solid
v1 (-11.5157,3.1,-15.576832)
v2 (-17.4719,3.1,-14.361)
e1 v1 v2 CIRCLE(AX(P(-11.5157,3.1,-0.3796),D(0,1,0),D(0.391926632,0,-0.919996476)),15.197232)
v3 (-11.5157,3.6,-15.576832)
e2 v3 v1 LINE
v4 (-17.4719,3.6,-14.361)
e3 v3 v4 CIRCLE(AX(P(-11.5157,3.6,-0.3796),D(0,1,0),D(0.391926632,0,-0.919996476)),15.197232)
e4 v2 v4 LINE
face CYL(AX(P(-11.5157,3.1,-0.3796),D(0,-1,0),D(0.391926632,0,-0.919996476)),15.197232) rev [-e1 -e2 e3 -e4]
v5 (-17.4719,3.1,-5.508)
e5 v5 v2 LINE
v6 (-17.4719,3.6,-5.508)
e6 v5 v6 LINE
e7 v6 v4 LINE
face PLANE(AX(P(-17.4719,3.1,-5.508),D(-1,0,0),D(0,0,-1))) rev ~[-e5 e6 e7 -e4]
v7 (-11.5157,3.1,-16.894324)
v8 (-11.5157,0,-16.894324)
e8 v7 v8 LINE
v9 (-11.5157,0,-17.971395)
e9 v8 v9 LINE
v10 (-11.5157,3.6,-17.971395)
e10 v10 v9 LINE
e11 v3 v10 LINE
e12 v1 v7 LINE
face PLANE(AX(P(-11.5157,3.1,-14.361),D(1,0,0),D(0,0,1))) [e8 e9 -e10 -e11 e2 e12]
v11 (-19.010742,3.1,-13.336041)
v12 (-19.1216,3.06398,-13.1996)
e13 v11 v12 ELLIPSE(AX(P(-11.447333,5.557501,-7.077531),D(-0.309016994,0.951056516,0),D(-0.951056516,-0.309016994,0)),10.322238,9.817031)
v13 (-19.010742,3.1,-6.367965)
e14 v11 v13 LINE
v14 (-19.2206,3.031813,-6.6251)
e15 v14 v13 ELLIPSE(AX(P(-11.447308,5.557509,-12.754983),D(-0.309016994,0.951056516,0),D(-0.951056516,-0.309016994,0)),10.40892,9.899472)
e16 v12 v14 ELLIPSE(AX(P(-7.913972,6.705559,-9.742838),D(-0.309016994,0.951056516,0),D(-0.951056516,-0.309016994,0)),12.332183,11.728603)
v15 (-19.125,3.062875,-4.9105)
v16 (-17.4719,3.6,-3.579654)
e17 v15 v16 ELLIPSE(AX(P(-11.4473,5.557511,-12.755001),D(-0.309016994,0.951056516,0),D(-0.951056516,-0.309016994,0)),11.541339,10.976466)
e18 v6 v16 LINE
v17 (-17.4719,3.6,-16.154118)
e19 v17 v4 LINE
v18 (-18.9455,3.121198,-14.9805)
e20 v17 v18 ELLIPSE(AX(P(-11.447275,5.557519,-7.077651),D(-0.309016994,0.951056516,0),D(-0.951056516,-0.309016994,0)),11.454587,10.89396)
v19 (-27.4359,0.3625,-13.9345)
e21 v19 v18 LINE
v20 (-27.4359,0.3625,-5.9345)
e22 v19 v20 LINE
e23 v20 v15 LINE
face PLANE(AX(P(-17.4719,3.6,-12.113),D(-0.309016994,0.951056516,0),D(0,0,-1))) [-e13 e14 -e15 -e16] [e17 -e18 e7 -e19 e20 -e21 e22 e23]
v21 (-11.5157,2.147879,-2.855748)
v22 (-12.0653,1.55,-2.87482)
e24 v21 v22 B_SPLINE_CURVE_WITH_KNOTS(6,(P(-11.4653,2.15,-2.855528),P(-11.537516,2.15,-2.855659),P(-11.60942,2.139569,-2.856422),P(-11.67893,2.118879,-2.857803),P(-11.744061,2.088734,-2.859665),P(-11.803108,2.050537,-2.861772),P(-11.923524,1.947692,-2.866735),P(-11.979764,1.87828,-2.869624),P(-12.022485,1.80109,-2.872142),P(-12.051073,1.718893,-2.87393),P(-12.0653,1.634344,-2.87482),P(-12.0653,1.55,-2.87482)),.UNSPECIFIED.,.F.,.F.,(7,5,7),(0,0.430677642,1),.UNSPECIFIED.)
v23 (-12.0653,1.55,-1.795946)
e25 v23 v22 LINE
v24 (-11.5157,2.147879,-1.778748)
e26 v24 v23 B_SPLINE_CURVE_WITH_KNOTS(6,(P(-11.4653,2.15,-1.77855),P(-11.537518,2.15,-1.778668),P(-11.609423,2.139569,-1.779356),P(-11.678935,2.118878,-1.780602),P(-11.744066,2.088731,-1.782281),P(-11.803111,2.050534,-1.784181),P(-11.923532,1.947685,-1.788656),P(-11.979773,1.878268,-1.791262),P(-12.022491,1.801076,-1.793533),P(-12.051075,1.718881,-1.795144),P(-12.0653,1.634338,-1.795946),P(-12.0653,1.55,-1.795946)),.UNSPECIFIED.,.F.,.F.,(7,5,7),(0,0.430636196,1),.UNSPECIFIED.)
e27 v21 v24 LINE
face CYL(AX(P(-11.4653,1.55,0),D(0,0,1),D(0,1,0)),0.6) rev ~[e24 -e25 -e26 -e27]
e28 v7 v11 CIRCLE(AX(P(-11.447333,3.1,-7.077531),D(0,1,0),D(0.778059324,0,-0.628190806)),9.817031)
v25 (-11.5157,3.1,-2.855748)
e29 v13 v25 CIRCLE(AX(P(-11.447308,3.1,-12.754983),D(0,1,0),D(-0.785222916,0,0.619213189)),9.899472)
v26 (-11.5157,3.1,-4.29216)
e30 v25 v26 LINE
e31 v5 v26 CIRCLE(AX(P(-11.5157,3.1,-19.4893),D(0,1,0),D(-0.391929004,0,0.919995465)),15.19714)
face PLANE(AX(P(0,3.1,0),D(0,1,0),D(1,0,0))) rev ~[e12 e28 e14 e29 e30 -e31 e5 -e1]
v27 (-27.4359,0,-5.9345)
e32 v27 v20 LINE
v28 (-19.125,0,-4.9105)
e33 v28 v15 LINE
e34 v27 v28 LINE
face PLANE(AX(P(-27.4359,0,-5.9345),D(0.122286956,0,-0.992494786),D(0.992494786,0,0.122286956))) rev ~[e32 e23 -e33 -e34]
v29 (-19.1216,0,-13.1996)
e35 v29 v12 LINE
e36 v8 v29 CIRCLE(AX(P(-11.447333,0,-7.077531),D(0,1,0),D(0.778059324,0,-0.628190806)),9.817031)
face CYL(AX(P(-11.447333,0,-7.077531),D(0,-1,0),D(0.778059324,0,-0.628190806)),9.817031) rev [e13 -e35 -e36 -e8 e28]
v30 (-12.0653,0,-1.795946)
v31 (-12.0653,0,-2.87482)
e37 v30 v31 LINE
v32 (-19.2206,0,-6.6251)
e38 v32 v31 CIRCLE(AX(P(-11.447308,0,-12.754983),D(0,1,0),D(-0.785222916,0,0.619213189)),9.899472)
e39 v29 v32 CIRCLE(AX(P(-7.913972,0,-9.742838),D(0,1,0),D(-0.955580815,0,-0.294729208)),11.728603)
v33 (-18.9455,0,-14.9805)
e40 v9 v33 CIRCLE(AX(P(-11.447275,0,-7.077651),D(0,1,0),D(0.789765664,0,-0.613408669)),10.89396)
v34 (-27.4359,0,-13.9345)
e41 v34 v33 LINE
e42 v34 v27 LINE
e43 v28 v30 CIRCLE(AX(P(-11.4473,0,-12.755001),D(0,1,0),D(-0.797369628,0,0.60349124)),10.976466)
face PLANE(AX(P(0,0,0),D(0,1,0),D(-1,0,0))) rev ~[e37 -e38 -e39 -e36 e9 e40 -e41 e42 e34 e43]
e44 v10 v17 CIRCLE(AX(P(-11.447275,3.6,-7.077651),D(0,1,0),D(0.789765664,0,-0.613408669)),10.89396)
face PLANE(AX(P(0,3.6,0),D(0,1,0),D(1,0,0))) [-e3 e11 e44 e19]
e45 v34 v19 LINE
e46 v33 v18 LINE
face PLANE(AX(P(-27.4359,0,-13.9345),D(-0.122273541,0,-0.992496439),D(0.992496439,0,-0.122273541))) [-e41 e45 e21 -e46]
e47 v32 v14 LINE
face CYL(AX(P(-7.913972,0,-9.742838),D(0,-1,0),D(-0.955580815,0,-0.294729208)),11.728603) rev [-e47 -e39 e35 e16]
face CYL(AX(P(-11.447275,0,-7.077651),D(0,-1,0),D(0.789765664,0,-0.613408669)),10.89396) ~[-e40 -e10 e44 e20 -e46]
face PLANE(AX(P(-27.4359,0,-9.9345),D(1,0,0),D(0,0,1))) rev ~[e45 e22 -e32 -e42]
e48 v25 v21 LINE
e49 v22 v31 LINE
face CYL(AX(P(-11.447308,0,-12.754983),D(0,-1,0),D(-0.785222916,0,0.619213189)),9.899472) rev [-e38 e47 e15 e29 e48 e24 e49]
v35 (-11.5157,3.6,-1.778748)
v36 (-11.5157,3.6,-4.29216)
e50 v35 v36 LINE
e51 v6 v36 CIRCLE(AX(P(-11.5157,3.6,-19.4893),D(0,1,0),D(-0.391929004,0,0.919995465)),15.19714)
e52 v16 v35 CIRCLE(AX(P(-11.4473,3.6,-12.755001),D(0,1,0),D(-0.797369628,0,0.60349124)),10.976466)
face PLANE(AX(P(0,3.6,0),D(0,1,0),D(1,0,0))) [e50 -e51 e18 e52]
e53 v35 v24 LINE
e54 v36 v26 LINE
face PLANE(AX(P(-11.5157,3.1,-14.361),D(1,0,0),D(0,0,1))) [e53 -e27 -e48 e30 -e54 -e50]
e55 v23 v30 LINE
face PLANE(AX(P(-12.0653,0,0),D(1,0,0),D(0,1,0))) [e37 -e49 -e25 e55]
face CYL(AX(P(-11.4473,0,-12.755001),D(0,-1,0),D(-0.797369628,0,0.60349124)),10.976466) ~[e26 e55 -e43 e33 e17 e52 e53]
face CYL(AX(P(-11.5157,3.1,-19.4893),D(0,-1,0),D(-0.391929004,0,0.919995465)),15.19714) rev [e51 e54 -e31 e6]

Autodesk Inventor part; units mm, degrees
sketch "Skizze1" plane through (0, 0, 0) normal (0, 1, 0) x (-1, 0, 0)
  line L0 (0, 0) -> (21.4435, 0) construction
  line L1 (21.4435, 0) -> (21.4435, -17.7713) construction
  line L2 (21.4435, -17.7713) -> (0, -17.7713) construction
  line L3 (0, -17.7713) -> (0, 0) construction
  arc A0 (3.4429, -6.1124) -> (3.5369, -12.2987) centre (13.9264, -9.047) ccw
  arc A1 (3.5369, -12.2987) -> (17.7561, -12.2571) centre (10.6298, -6.5721) ccw
  arc A2 (17.8481, -6.152) -> (3.4429, -6.1124) centre (10.6298, -11.844) ccw
  arc A3 (17.7561, -12.2571) -> (17.8481, -6.152) centre (7.348, -9.047) ccw
  line L4 (3.0399, -9.047) -> (18.2399, -9.047)
  line L5 (10.6298, -2.6515) -> (10.6298, -15.6882)
  dimension "d9" = 15.2
  dimension "d12" = 13.0368
sketch "Skizze2" plane through (0, 0, 0) normal (0, 1, 0) x (-1, 0, 0)
  line L0 (0, 0) -> (21.0912, 0) construction
  line L1 (21.0912, 0) -> (21.0912, -24.0698) construction
  line L2 (21.0912, -24.0698) -> (0, -24.0698) construction
  line L3 (0, -24.0698) -> (0, 0) construction
  line L4 (17.3479, -12.3442) -> (17.5564, -17.8355)
  line L5 (0, -15.4153) -> (21.0912, -15.022)
  point P0 (17.4522, -15.0899)
  point P1 (17.8576, -15.0823)
  point P2 (2.6602, -15.3657)
  point P3 (10.1167, -10.9016)
  point P4 (10.0352, -15.2282)
  point P5 (10.3203, -19.614)
  point P6 (15.9484, -15.1179)
  point P7 (4.4034, -15.3332)
  dimension "d38" = 15.2
  dimension "d47" = 8.7147
sketch "Skizze3" plane through (0, 0, 0) normal (0, 1, 0) x (-1, 0, 0)
  line L0 (0, 0) -> (41.0457, 0) construction
  line L1 (41.0457, 0) -> (41.0457, -50.0176) construction
  line L2 (41.0457, -50.0176) -> (0, -50.0176) construction
  line L3 (0, -50.0176) -> (0, 0) construction
  arc A0 (26.8609, -29.1094) -> (14.9484, -29.1094) centre (20.9046, -43.0907) ccw
  arc A1 (14.9484, -37.9624) -> (26.8609, -37.9624) centre (20.9046, -23.981) ccw
  line L4 (26.8609, -29.1094) -> (26.8609, -37.9624)
  line L5 (14.9484, -37.9624) -> (14.9484, -29.1094)
  point P0 (20.7813, -28.8717)
  point P1 (20.996, -37.5841)
  dimension "d9" = 15.2
  dimension "d12" = 13.0368
  dimension "d49" = 8.715
  dimension "d57" = 15.1972
  dimension "d58" = 15.1972
  dimension "d59" = 11.9125
  dimension "d67" = 8.853
  dimension "d69" = 0
  dimension "d70" = 8.853
sketch "Skizze4" plane through (0, 0, 0) normal (0, 1, 0) x (-1, 0, 0)
  arc A0 (19.2206, -6.6251) -> (3.7078, -6.5825) centre (11.4473, -12.755) ccw
  arc A1 (19.1216, -13.1996) -> (19.2206, -6.6251) centre (7.9131, -9.7427) ccw
  arc A2 (3.8091, -13.2445) -> (19.1216, -13.1996) centre (11.4473, -7.0776) ccw
  arc A3 (3.7078, -6.5825) -> (3.8091, -13.2445) centre (14.9974, -9.7427) ccw
  arc A4 (20.1996, -6.1308) -> (2.731, -6.0835) centre (11.4473, -12.755) ccw
  arc A5 (20.0894, -13.7103) -> (20.1996, -6.1308) centre (7.9131, -9.7427) ccw
  arc A6 (2.8436, -13.7601) -> (20.0894, -13.7103) centre (11.4473, -7.0776) ccw
  arc A7 (2.731, -6.0835) -> (2.8436, -13.7601) centre (14.9974, -9.7427) ccw
  point P0 (0, 0)
  dimension "d60" = 1.077
extrude "Extrusion1" add sketch "Skizze4" along normal blind 3.1
sketch "Skizze8" plane through (0, 3.1, 0) normal (0, 1, 0) x (1, 0, 0)
  line L0 (-17.4719, 5.508) -> (-17.4719, 14.361)
  arc A0 (-17.4719, 5.508) -> (-5.5595, 5.508) centre (-11.5157, 19.4893) ccw
  arc A1 (-5.5595, 14.361) -> (-17.4719, 14.361) centre (-11.5157, 0.3796) ccw
  line L1 (-5.5595, 14.361) -> (-5.5595, 5.508)
  line L2 (-17.4719, 5.508) -> (-5.5595, 14.361) construction
  line L3 (-17.4719, 14.361) -> (-5.5595, 5.508) construction
  arc A2 (-19.1216, 13.1996) -> (-19.2206, 6.6251) centre (-7.9131, 9.7427) ccw construction
  arc A3 (-3.8091, 13.2445) -> (-19.1216, 13.1996) centre (-11.4473, 7.0776) ccw construction
  arc A4 (-3.7078, 6.5825) -> (-3.8091, 13.2445) centre (-14.9974, 9.7427) ccw construction
  arc A5 (-19.2206, 6.6251) -> (-3.7078, 6.5825) centre (-11.4473, 12.755) ccw construction
  arc A6 (-20.1996, 6.1308) -> (-2.731, 6.0835) centre (-11.4473, 12.755) ccw projected
  arc A7 (-2.731, 6.0835) -> (-2.8436, 13.7601) centre (-14.9974, 9.7427) ccw projected
  arc A8 (-2.8436, 13.7601) -> (-20.0894, 13.7103) centre (-11.4473, 7.0776) ccw projected
  arc A9 (-20.0894, 13.7103) -> (-20.1996, 6.1308) centre (-7.9131, 9.7427) ccw projected
  line L4 (-19.2206, 6.6251) -> (-3.8091, 13.2445) construction
  line L5 (-19.1216, 13.1996) -> (-3.7078, 6.5825) construction
  point P0 (0, 0)
  point P1 (-11.5157, 9.9345)
  point P2 (-11.5157, 9.9345)
extrude "Extrusion3" add sketch "Skizze8" along normal blind 0.5
sketch "Skizze9" plane through (0, 0, 0) normal (0, 0, 1) x (1, 0, 0)
  line L0 (-2.731, 0) -> (-20.1996, 0) construction
  line L1 (-2.731, 0) -> (-2.731, 3.6) construction
  line L2 (-20.1996, 3.6) -> (-2.731, 3.6) construction
  line L3 (-20.1996, 0) -> (-20.1996, 3.6) construction
  line L4 (-3.8091, 0) -> (-19.1216, 0) projected
  line L5 (-11.4653, 0) -> (-12.0653, 0)
  line L6 (-12.0653, 0) -> (-12.0653, 1.55)
  arc A0 (-11.4653, 2.15) -> (-12.0653, 1.55) centre (-11.4653, 1.55) ccw
  line L7 (-11.4653, 1.55) -> (-11.4653, 2.15) construction
  line L8 (-11.4653, 1.55) -> (-12.0653, 1.55) construction
  line L9 (-11.4653, 0) -> (-11.4653, 6.3928) construction
  line L10 (-20.1996, 0) -> (-2.731, 0) construction
  line L11 (-10.8653, 0) -> (-10.8653, 1.55)
  arc A1 (-10.8653, 1.55) -> (-11.4653, 2.15) centre (-11.4653, 1.55) ccw
  line L12 (-11.4653, 0) -> (-10.8653, 0)
  point P0 (0, 0)
  dimension "d75" = 0.6
  dimension "d76" = 90
  dimension "d77" = 1.55
extrude "Extrusion4" cut sketch "Skizze9" against normal up to next
sketch "Skizze10" plane through (0, 0, 0) normal (0, 1, 0) x (-1, 0, 0)
  arc A0 (5.5595, -14.361) -> (17.4719, -14.361) centre (11.5157, -0.3796) ccw projected
  line L0 (5.5595, -14.361) -> (5.5595, -5.508) projected
  arc A1 (17.4719, -5.508) -> (5.5595, -5.508) centre (11.5157, -19.4893) ccw projected
  line L1 (17.4719, -5.508) -> (17.4719, -14.361) projected
  arc A2 (20.1996, -6.1308) -> (2.731, -6.0835) centre (11.4473, -12.755) ccw projected
  arc A3 (2.731, -6.0835) -> (2.8436, -13.7601) centre (14.9974, -9.7427) ccw projected
  arc A4 (2.8436, -13.7601) -> (20.0894, -13.7103) centre (11.4473, -7.0776) ccw projected
  arc A5 (20.0894, -13.7103) -> (20.1996, -6.1308) centre (7.9131, -9.7427) ccw projected
  arc A6 (20.1996, -6.1308) -> (2.731, -6.0835) centre (11.4473, -12.755) ccw projected
  line L2 (5.5595, -14.361) -> (5.5595, -5.508) construction
  line L3 (5.5595, -9.9345) -> (-7.2798, -9.9345) construction
  line L4 (3.7452, -4.9345) -> (-3.2387, -5.9345)
  line L5 (-3.2387, -5.9345) -> (-3.2387, -9.9345)
  line L6 (3.9282, -14.9607) -> (-3.2387, -13.9345)
  line L7 (-3.2387, -13.9345) -> (-3.2387, -9.9345)
  line L8 (17.4719, -5.508) -> (17.4719, -14.361) construction
  line L9 (17.4719, -9.9345) -> (23.9782, -9.9345) construction
  line L10 (22.5662, -4.9105) -> (14.2748, -4.9105) construction
  arc A7 (2.731, -6.0835) -> (2.8436, -13.7601) centre (14.9974, -9.7427) ccw construction
  line L11 (27.4359, -9.9345) -> (27.4359, -5.9345)
  line L12 (27.4359, -5.9345) -> (19.125, -4.9105)
  line L13 (27.4359, -9.9345) -> (27.4359, -13.9345)
  line L14 (27.4359, -13.9345) -> (18.9455, -14.9805)
  point P0 (0, 0)
  point P1 (3.7452, -14.9345)
  point P2 (2.1983, -9.9345)
  point P3 (2.1983, -9.9345)
  point P4 (19.125, -14.9584)
  dimension "d80" = 5
  dimension "d82" = 8.7982
  dimension "d84" = 4
  dimension "d85" = 4
  dimension "d112" = 10.07
  dimension "d116" = 9.964
extrude "Extrusion5" add sketch "Skizze10" along normal up to surface (3.6 mm away) contours A2 L12 L11 L13 L14 A4 A5 | A2 A3 A4 L6 L7 L5 L4
ref_plane "Arbeitsebene4" through (-11.5157, 3.1, -14.361) normal (1, 0, 0) x (0, 0, -1)
split "Trennen4" plane through (-11.5157, 3.1, -14.361) removes the side toward (1, 0, 0)
ref_plane "Arbeitsebene5" through (-59.9023, 0, -9.9345) normal (0, 0, 1) x (0, 1, 0)
ref_plane "Arbeitsebene6" through (-17.4719, 3.6, -12.113) normal (-0.309, 0.9511, 0) x (0, 0, -1)
split "Trennen5" plane through (-17.4719, 3.6, -12.113) removes the side toward (-0.309, 0.9511, 0)
sketch "Skizze13" plane through (0, 0, 0) normal (0, -1, 0) x (1, 0, 0)
  line L0 (-3.7452, -4.9345) -> (3.2387, -5.9345) projected
  line L1 (3.2387, -13.9345) -> (-3.9282, -14.9607) projected
  arc A0 (-3.8091, -13.2445) -> (-3.7078, -6.5825) centre (-14.9974, -9.7427) ccw projected
  arc A1 (-3.3813, -14.9345) -> (-2.5876, -6.9345) centre (-14.9974, -9.7427) ccw
  line L2 (3.2387, -5.9345) -> (3.2387, -13.9345) projected
  line L3 (3.2387, -6.9345) -> (-2.5876, -6.9345)
  line L4 (3.2387, -14.9345) -> (-3.3813, -14.9345)
  point P0 (0, 0)
  dimension "d92" = 1
  dimension "d104" = 1
  dimension "d105" = 1
sketch "Skizze12" plane through (0, 0, 0) normal (0, -1, 0) x (1, 0, 0)
  arc A0 (-3.5369, -12.2987) -> (-3.4429, -6.1124) centre (-13.9264, -9.047) ccw projected
  arc A1 (-17.7561, -12.2571) -> (-3.5369, -12.2987) centre (-10.6298, -6.5721) ccw projected
  arc A2 (-17.8481, -6.152) -> (-17.7561, -12.2571) centre (-7.348, -9.047) ccw projected
  arc A3 (-11.2465, -2.6722) -> (-17.8481, -6.152) centre (-10.6298, -11.844) ccw projected
  line L0 (-11.2465, -2.6722) -> (-11.2465, -1.6701) projected
  arc A4 (-11.2465, -1.6701) -> (-17.9952, -4.7985) centre (-10.6298, -11.844) ccw projected
  line L1 (-25.4478, -5.693) -> (-17.9952, -4.7985) projected
  line L2 (-25.4478, -12.757) -> (-25.4478, -5.693) projected
  line L3 (-17.8374, -13.6705) -> (-25.4478, -12.757) projected
  arc A5 (-17.8374, -13.6705) -> (-3.4226, -13.6708) centre (-10.6298, -6.5721) ccw projected
  line L4 (-17.9952, -4.7985) -> (-17.963, -6.6068)
  line L5 (-17.8695, -11.8632) -> (-17.8374, -13.6705)
  arc A6 (-2.3529, -11.757) -> (-2.2753, -6.693) centre (-13.9264, -9.047) ccw projected
  line L6 (4.0611, -5.693) -> (4.0611, -6.693) projected
  line L7 (-3.2644, -4.7985) -> (4.0611, -5.693) projected
  arc A7 (-3.2644, -4.7985) -> (-10.0465, -1.6682) centre (-10.6298, -11.844) ccw projected
  line L8 (-10.0465, -1.6682) -> (-10.0465, -2.67) projected
  arc A8 (-3.4429, -6.1124) -> (-10.0465, -2.67) centre (-10.6298, -11.844) ccw projected
  line L9 (4.0611, -12.757) -> (-3.4226, -13.6708) projected
  line L10 (4.0611, -11.757) -> (4.0611, -12.757) projected
  line L11 (4.0611, -11.757) -> (-2.3529, -11.757) projected
  line L12 (-2.2753, -6.693) -> (4.0611, -6.693) projected
  point P0 (0, 0)
properties part number "Main_afterRhino_V2" material "Gold"
